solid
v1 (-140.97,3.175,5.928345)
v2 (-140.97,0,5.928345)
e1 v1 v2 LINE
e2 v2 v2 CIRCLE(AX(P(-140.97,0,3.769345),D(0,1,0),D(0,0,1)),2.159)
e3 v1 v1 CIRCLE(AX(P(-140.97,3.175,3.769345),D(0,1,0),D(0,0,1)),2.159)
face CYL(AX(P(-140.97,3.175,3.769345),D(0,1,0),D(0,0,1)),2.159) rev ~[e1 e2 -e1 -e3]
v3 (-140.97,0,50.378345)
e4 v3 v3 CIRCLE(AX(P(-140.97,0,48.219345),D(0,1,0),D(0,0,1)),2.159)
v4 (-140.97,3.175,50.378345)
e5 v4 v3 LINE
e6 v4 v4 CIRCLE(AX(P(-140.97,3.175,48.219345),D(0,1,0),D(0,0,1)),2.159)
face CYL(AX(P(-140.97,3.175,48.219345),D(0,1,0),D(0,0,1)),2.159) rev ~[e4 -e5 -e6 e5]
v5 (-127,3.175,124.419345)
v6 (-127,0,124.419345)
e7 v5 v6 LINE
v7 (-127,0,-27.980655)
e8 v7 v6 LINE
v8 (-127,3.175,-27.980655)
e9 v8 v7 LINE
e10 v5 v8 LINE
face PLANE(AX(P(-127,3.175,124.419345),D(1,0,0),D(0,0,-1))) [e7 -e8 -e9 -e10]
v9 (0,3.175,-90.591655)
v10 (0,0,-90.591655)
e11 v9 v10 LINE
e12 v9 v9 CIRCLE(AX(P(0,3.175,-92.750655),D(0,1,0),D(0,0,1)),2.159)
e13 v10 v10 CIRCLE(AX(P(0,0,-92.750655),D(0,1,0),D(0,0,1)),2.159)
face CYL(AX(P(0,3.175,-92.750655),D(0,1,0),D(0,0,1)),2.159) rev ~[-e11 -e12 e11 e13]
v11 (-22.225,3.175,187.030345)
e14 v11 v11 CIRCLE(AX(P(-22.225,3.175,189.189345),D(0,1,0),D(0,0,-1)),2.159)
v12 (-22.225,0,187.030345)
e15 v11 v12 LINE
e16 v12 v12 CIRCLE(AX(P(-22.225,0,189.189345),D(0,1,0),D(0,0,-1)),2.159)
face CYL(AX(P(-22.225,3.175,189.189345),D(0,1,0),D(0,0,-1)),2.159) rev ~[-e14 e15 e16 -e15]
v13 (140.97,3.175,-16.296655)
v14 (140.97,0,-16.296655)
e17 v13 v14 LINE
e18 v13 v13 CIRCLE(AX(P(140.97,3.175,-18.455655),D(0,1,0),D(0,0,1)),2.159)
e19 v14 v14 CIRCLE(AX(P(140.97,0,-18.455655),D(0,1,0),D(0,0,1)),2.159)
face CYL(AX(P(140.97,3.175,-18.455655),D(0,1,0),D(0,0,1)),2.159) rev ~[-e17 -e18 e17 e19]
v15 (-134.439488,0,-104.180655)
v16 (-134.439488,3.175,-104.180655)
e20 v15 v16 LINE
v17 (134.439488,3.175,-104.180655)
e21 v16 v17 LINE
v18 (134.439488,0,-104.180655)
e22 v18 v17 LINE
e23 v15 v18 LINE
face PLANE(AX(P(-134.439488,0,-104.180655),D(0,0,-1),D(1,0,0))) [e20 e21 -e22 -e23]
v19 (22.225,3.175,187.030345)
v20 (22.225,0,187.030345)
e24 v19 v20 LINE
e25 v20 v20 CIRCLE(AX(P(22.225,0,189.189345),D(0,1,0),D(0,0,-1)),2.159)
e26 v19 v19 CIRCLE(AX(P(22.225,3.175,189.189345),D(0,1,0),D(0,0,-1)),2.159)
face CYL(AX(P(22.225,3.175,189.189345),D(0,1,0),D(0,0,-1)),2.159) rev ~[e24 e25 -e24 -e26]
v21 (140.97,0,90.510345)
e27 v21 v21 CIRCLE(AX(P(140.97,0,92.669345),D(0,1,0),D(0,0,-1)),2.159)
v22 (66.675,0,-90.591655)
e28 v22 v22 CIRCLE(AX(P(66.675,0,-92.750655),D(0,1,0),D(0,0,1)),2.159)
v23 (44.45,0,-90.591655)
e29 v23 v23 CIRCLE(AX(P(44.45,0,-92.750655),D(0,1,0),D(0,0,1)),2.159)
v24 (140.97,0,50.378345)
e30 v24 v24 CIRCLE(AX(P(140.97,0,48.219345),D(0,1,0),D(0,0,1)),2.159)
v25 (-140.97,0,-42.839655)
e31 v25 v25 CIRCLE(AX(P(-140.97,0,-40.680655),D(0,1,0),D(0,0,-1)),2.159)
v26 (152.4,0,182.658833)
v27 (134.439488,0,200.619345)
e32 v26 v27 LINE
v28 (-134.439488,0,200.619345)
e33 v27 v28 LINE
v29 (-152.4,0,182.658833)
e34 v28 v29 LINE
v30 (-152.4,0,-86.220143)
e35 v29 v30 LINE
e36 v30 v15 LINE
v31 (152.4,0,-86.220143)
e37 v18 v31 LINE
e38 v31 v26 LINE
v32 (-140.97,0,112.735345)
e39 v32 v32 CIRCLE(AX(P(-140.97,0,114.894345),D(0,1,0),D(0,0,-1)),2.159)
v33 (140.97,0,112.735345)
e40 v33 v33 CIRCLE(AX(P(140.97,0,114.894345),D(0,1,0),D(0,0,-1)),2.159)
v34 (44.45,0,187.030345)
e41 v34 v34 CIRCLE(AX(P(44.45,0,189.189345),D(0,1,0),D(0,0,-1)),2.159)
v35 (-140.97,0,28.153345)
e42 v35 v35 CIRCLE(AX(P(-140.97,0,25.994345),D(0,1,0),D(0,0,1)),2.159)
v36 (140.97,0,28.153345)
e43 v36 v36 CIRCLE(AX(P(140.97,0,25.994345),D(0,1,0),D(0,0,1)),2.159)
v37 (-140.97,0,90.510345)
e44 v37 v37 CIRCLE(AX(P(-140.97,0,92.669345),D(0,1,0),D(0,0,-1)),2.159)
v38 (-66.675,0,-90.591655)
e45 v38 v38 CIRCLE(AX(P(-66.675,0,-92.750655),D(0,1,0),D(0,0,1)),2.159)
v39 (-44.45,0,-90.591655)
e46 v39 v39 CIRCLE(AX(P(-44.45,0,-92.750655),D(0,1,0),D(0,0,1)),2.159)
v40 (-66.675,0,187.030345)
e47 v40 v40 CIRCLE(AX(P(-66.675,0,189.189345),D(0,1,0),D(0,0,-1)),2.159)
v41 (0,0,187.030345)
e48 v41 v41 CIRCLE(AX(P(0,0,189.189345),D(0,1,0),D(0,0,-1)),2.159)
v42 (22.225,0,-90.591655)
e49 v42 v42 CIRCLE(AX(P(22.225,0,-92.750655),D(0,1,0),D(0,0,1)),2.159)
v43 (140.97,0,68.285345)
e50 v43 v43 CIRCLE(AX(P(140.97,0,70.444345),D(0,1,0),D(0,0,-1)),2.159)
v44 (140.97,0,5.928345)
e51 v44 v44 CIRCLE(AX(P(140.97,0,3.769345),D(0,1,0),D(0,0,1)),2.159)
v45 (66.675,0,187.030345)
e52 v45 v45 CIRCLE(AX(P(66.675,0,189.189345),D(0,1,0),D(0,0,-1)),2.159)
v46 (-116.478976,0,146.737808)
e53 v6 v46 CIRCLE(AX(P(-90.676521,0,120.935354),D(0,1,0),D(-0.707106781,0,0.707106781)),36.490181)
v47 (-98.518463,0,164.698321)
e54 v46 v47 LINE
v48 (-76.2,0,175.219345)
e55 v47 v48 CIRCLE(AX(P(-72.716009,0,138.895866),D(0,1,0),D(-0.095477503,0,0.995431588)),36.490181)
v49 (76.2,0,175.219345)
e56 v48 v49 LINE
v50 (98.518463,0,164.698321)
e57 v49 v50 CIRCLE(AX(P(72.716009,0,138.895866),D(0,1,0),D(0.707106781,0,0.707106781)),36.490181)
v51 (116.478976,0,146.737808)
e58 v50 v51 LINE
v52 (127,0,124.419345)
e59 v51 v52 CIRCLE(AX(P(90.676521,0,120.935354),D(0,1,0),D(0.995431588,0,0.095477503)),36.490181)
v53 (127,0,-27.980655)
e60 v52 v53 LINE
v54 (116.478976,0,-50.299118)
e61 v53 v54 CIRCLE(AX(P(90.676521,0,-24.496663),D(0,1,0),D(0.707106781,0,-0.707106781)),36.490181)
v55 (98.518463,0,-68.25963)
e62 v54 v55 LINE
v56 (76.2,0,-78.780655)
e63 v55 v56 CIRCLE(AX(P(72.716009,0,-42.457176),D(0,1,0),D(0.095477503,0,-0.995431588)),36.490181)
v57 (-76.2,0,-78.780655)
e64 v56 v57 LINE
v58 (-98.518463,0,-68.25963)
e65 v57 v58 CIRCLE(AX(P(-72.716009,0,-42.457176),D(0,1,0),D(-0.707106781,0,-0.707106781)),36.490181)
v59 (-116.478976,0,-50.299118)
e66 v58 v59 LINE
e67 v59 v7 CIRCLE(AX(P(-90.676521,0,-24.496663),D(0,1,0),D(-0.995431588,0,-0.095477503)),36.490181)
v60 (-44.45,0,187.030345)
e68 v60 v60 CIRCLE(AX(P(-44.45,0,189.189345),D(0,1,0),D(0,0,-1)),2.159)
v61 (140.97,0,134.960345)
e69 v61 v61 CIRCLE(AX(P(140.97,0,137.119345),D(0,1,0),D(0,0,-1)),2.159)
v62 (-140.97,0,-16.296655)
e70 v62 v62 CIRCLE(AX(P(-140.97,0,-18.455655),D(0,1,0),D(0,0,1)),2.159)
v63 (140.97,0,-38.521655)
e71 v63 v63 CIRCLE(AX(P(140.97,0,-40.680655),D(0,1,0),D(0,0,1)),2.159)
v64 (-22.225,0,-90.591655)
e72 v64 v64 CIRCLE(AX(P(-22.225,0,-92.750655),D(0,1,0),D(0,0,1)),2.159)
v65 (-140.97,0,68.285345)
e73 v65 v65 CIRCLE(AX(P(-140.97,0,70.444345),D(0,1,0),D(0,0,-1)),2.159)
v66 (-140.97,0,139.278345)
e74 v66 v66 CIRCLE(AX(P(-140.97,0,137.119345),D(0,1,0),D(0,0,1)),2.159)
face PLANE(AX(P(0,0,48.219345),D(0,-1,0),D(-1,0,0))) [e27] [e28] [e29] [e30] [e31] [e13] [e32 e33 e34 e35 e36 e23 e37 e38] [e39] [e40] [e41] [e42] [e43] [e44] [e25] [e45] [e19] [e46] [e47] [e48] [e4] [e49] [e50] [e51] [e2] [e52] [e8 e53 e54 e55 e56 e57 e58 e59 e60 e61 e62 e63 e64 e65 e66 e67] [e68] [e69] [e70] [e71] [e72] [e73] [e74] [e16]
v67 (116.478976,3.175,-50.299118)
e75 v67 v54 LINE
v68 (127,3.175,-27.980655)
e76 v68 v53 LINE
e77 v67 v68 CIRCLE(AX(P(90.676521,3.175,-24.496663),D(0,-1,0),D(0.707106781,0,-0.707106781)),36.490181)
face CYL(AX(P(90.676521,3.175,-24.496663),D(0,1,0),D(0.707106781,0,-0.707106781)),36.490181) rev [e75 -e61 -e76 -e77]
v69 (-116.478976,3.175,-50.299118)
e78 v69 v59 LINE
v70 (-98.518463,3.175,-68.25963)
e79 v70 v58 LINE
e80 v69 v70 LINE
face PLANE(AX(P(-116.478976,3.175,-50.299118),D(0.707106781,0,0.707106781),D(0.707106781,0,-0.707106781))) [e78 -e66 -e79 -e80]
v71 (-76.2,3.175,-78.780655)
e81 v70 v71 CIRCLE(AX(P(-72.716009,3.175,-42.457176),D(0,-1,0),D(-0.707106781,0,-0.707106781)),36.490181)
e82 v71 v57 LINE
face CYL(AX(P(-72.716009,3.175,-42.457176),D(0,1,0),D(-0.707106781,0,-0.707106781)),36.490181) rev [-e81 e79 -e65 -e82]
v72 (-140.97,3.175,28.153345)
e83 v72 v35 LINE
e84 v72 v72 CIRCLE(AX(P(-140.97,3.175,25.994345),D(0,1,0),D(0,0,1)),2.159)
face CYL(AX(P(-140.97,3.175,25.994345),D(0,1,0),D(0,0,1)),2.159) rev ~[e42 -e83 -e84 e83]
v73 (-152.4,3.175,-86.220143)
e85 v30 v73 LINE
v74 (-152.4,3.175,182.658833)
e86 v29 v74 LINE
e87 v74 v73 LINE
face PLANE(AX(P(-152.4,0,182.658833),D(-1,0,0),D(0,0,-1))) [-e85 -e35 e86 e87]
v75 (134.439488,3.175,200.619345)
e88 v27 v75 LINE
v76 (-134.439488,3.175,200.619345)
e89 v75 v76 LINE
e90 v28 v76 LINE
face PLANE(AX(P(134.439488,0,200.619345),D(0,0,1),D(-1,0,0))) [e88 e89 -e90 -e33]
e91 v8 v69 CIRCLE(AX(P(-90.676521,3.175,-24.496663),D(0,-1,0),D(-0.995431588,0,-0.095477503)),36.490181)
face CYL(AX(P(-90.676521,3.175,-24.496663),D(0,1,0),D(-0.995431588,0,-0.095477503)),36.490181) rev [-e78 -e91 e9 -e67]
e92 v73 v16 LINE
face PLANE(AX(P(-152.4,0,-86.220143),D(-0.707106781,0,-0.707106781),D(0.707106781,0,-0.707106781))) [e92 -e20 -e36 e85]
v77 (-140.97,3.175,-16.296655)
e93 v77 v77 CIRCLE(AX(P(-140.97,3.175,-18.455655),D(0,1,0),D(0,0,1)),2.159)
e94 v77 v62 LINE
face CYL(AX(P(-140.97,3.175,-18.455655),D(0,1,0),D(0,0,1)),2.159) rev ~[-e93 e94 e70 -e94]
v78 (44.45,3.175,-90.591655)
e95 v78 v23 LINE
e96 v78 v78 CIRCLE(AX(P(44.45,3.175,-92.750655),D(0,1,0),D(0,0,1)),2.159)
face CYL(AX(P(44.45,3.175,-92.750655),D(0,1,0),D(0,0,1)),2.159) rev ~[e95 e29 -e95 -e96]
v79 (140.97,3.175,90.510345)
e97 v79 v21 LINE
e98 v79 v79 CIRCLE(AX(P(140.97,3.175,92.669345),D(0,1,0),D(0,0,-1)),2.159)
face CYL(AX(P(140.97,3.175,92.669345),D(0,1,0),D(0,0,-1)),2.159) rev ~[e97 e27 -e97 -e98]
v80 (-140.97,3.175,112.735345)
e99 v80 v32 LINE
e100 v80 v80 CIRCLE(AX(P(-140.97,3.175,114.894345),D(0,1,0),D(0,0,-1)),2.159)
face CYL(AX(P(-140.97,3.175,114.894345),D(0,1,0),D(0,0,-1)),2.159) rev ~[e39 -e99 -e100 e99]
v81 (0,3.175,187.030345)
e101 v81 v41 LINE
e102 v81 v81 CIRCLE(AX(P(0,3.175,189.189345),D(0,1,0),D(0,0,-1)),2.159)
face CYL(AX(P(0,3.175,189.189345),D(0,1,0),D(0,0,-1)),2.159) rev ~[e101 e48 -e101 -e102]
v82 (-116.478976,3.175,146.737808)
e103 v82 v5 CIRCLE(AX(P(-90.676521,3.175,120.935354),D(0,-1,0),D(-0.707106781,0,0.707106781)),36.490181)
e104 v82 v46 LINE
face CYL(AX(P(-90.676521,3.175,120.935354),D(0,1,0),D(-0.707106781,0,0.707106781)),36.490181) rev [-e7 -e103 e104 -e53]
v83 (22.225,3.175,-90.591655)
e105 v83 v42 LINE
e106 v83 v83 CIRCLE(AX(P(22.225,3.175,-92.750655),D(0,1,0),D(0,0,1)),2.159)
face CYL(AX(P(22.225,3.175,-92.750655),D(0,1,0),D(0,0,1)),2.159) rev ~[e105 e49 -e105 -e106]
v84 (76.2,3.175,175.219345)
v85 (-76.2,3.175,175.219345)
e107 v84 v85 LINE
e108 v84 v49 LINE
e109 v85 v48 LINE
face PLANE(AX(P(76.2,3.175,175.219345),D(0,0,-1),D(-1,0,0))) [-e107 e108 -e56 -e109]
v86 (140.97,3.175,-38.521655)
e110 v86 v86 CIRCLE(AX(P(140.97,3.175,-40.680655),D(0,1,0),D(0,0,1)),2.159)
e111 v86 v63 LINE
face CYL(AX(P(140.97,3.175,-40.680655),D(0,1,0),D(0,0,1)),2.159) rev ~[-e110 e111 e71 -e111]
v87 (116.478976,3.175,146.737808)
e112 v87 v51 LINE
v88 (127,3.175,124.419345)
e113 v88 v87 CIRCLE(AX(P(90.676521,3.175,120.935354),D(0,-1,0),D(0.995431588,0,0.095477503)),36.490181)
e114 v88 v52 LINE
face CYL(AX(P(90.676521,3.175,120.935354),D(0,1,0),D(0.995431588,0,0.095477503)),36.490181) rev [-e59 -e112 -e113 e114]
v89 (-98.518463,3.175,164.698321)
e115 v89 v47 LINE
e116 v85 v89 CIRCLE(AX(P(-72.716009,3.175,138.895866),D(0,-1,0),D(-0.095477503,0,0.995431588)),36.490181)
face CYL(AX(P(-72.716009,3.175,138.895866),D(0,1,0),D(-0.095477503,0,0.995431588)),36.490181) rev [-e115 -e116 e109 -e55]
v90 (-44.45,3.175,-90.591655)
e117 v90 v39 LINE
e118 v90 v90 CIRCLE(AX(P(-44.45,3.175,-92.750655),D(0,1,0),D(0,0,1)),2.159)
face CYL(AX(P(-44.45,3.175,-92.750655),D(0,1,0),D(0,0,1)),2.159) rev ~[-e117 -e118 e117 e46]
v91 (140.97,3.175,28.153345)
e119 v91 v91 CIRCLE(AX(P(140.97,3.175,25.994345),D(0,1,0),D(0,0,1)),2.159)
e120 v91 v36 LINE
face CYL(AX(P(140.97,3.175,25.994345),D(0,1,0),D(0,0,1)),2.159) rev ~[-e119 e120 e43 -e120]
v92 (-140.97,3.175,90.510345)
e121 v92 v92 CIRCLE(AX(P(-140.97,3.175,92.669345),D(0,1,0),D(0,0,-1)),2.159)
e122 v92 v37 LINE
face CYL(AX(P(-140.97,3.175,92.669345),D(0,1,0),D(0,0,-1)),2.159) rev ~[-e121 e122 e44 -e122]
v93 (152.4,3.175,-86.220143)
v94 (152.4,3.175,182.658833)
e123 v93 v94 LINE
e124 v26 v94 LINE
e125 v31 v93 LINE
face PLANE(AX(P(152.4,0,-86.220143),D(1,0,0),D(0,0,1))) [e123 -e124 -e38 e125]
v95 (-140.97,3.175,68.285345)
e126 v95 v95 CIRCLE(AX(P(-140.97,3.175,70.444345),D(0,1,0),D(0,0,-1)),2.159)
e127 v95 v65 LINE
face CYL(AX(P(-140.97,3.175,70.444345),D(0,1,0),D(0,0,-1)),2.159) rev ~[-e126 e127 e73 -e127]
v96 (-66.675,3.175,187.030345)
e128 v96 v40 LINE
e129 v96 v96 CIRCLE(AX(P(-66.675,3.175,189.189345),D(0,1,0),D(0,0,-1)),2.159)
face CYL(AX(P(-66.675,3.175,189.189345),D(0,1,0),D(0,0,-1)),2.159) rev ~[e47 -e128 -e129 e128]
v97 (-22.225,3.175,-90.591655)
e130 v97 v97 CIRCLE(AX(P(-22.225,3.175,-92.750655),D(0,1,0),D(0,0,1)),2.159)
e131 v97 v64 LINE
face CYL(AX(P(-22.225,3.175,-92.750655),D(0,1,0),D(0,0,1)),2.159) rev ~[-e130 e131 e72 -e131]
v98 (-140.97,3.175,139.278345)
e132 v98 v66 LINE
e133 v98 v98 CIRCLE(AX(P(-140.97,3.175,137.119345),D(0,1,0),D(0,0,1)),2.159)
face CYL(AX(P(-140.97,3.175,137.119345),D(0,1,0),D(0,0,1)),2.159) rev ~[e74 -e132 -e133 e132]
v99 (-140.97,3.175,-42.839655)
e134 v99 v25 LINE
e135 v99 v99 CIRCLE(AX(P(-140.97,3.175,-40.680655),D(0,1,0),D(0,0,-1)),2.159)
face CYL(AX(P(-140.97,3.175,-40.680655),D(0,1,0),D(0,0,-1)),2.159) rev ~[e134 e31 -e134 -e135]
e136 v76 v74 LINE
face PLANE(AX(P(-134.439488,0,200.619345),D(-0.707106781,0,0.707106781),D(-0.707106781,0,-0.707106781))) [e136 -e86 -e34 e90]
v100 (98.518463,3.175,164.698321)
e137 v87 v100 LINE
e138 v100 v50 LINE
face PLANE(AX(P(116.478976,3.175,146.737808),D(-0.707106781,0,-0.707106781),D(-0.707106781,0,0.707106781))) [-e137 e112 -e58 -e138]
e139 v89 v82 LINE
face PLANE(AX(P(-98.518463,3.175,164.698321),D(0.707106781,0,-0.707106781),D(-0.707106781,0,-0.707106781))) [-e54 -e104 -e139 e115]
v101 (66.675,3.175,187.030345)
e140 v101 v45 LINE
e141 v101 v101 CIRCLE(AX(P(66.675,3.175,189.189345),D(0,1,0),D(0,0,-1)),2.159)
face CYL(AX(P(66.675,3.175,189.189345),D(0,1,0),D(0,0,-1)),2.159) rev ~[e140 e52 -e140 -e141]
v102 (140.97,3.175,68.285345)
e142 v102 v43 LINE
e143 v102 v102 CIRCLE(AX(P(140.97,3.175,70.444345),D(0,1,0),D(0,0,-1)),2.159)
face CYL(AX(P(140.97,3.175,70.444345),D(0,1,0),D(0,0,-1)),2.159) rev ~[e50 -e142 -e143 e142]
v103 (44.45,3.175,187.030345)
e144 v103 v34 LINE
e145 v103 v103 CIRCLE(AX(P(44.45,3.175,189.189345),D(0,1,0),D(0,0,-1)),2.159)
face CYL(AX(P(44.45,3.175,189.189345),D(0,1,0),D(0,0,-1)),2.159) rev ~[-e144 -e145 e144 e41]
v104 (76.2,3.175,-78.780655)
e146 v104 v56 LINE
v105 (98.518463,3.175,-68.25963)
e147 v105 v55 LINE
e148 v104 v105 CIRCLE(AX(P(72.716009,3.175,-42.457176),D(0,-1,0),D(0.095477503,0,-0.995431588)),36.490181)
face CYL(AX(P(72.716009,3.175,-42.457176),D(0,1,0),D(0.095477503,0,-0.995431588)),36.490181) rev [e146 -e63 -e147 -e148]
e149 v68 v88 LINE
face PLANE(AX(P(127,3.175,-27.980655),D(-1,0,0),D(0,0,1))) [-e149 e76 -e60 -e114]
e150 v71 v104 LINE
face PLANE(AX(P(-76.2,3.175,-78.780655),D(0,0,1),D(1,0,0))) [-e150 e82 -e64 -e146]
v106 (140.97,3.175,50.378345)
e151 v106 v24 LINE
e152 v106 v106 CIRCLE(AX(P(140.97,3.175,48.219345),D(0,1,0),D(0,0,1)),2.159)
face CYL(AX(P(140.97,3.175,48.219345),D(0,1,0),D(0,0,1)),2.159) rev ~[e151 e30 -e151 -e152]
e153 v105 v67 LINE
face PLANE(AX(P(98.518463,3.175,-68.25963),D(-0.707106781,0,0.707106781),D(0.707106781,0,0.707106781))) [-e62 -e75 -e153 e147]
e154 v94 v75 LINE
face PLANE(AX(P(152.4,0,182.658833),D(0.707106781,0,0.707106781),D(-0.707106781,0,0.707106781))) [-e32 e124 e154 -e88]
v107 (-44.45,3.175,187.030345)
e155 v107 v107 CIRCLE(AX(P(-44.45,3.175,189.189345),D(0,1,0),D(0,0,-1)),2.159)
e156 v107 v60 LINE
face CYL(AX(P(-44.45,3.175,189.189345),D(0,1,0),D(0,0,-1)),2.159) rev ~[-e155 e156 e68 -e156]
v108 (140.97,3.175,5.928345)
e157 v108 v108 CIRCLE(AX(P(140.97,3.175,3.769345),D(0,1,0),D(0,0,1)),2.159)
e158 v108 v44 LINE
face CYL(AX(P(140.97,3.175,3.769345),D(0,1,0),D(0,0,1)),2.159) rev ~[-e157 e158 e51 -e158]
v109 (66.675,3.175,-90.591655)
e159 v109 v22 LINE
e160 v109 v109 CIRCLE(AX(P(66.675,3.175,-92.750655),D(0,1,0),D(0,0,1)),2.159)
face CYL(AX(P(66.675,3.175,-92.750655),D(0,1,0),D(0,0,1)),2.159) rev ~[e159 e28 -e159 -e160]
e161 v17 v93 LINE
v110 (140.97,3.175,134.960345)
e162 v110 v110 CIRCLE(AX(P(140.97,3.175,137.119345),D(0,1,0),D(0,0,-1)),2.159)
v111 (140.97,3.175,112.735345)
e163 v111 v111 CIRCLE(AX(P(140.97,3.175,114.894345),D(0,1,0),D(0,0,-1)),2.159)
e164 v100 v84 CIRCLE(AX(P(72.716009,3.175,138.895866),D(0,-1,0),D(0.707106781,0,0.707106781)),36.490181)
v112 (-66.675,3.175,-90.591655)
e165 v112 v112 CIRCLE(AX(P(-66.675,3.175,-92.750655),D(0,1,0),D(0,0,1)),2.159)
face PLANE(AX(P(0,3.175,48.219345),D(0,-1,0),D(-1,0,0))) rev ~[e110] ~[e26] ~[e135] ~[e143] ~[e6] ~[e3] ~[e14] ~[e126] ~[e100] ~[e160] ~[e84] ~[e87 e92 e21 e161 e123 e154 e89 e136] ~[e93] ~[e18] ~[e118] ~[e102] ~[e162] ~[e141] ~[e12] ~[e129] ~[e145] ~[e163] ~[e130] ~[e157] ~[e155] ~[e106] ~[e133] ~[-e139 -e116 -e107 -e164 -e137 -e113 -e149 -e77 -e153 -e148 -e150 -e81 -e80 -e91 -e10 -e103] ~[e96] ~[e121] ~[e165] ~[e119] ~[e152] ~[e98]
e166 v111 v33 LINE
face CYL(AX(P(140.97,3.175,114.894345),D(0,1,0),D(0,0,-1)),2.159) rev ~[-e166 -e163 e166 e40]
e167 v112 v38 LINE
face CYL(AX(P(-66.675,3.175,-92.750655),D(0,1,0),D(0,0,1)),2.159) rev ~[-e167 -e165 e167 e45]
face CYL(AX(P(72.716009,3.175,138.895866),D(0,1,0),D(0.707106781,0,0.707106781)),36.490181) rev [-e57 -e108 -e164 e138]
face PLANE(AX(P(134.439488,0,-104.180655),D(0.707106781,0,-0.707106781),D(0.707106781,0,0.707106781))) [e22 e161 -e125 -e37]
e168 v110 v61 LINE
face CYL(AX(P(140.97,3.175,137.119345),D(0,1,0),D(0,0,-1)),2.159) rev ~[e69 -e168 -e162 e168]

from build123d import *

# Parameters (mm, degrees)
BOSS_EXTRUDE1_DEPTH = 3.175
CUT_EXTRUDE1_DEPTH  = 252.960239461
SKETCH4_R           = 2.159
CUT_EXTRUDE2_DEPTH  = 252.960239461


with BuildPart() as part:
    # Sketch1 → Boss-Extrude1 (new body)
    with BuildSketch(Plane(origin=(0, 0, 0), x_dir=(1, 0, 0), z_dir=(0, 1, 0))):
        Polygon((-152.4, 86.220142619), (-134.439487758, 104.180654861), (134.439487758, 104.180654861), (152.4, 86.220142619), (152.4, -182.658832897), (134.439487758, -200.619345139), (-134.439487758, -200.619345139), (-152.4, -182.658832897), align=None)
    extrude(amount=BOSS_EXTRUDE1_DEPTH)

    # Sketch2 → Cut-Extrude1 (cut, through all)
    with BuildSketch(Plane(origin=(0, 3.175, 0), x_dir=(1, 0, 0), z_dir=(0, 1, 0))):
        with BuildLine():
            Line((-76.2, 78.780654861), (76.2, 78.780654861))
            ThreePointArc((76.2, 78.780654861), (88.275474207, 75.463786622), (98.518463274, 68.259630377))
            Line((98.518463274, 68.259630377), (116.478975516, 50.299118134))
            ThreePointArc((116.478975516, 50.299118134), (123.683131761, 40.056129068), (127, 27.980654861))
            Line((127, 27.980654861), (127, -124.419345139))
            ThreePointArc((127, -124.419345139), (123.683131761, -136.494819346), (116.478975516, -146.737808413))
            Line((116.478975516, -146.737808413), (98.518463274, -164.698320655))
            ThreePointArc((98.518463274, -164.698320655), (88.275474207, -171.9024769), (76.2, -175.219345139))
            Line((76.2, -175.219345139), (-76.2, -175.219345139))
            ThreePointArc((-76.2, -175.219345139), (-88.275474207, -171.9024769), (-98.518463274, -164.698320655))
            Line((-98.518463274, -164.698320655), (-116.478975516, -146.737808413))
            ThreePointArc((-116.478975516, -146.737808413), (-123.683131761, -136.494819346), (-127, -124.419345139))
            Line((-127, -124.419345139), (-127, 27.980654861))
            ThreePointArc((-127, 27.980654861), (-123.683131761, 40.056129068), (-116.478975516, 50.299118134))
            Line((-116.478975516, 50.299118134), (-98.518463274, 68.259630377))
            ThreePointArc((-98.518463274, 68.259630377), (-88.275474207, 75.463786622), (-76.2, 78.780654861))
        make_face()
    extrude(amount=-CUT_EXTRUDE1_DEPTH, mode=Mode.SUBTRACT)

    # Sketch4 → Cut-Extrude2 (cut, through all)
    with BuildSketch(Plane(origin=(0, 3.175, 0), x_dir=(1, 0, 0), z_dir=(0, 1, 0))):
        with Locations(Location((0, 92.750654861, 0), (0, 0, 270))):
            Circle(SKETCH4_R)
        with Locations(Location((-44.45, 92.750654861, 0), (0, 0, 270))):
            Circle(SKETCH4_R)
        with Locations(Location((44.45, 92.750654861, 0), (0, 0, 270))):
            Circle(SKETCH4_R)
        with Locations(Location((-22.225, 92.750654861, 0), (0, 0, 270))):
            Circle(SKETCH4_R)
        with Locations(Location((22.225, 92.750654861, 0), (0, 0, 270))):
            Circle(SKETCH4_R)
        with Locations(Location((-140.97, -48.219345139, 0), (0, 0, 270))):
            Circle(SKETCH4_R)
        with Locations(Location((-140.97, -25.994345139, 0), (0, 0, 270))):
            Circle(SKETCH4_R)
        with Locations(Location((-140.97, -3.769345139, 0), (0, 0, 270))):
            Circle(SKETCH4_R)
        with Locations(Location((140.97, -48.219345139, 0), (0, 0, 270))):
            Circle(SKETCH4_R)
        with Locations(Location((140.97, -25.994345139, 0), (0, 0, 270))):
            Circle(SKETCH4_R)
        with Locations(Location((140.97, -3.769345139, 0), (0, 0, 270))):
            Circle(SKETCH4_R)
        with Locations(Location((140.97, -92.669345139, 0), (0, 0, 90))):
            Circle(SKETCH4_R)
        with Locations(Location((140.97, -70.444345139, 0), (0, 0, 90))):
            Circle(SKETCH4_R)
        with Locations(Location((-140.97, -92.669345139, 0), (0, 0, 90))):
            Circle(SKETCH4_R)
        with Locations(Location((-140.97, -70.444345139, 0), (0, 0, 90))):
            Circle(SKETCH4_R)
        with Locations(Location((22.225, -189.189345139, 0), (0, 0, 90))):
            Circle(SKETCH4_R)
        with Locations(Location((-22.225, -189.189345139, 0), (0, 0, 90))):
            Circle(SKETCH4_R)
        with Locations(Location((44.45, -189.189345139, 0), (0, 0, 90))):
            Circle(SKETCH4_R)
        with Locations(Location((-44.45, -189.189345139, 0), (0, 0, 90))):
            Circle(SKETCH4_R)
        with Locations(Location((0, -189.189345139, 0), (0, 0, 90))):
            Circle(SKETCH4_R)
        with Locations(Location((-66.675, 92.750654861, 0), (0, 0, 270))):
            Circle(SKETCH4_R)
        with Locations(Location((66.675, 92.750654861, 0), (0, 0, 270))):
            Circle(SKETCH4_R)
        with Locations(Location((-140.97, 18.455654861, 0), (0, 0, 270))):
            Circle(SKETCH4_R)
        with Locations(Location((140.97, 18.455654861, 0), (0, 0, 270))):
            Circle(SKETCH4_R)
        with Locations(Location((140.97, -114.894345139, 0), (0, 0, 90))):
            Circle(SKETCH4_R)
        with Locations(Location((66.675, -189.189345139, 0), (0, 0, 90))):
            Circle(SKETCH4_R)
        with Locations(Location((-66.675, -189.189345139, 0), (0, 0, 90))):
            Circle(SKETCH4_R)
        with Locations(Location((-140.97, -114.894345139, 0), (0, 0, 90))):
            Circle(SKETCH4_R)
        with Locations(Location((-140.97, -137.119345139, 0), (0, 0, 270))):
            Circle(SKETCH4_R)
        with Locations(Location((-140.97, 40.680654861, 0), (0, 0, 90))):
            Circle(SKETCH4_R)
        with Locations(Location((140.97, 40.680654861, 0), (0, 0, 270))):
            Circle(SKETCH4_R)
        with Locations(Location((140.97, -137.119345139, 0), (0, 0, 90))):
            Circle(SKETCH4_R)
    extrude(amount=-CUT_EXTRUDE2_DEPTH, mode=Mode.SUBTRACT)


solid = part.part
